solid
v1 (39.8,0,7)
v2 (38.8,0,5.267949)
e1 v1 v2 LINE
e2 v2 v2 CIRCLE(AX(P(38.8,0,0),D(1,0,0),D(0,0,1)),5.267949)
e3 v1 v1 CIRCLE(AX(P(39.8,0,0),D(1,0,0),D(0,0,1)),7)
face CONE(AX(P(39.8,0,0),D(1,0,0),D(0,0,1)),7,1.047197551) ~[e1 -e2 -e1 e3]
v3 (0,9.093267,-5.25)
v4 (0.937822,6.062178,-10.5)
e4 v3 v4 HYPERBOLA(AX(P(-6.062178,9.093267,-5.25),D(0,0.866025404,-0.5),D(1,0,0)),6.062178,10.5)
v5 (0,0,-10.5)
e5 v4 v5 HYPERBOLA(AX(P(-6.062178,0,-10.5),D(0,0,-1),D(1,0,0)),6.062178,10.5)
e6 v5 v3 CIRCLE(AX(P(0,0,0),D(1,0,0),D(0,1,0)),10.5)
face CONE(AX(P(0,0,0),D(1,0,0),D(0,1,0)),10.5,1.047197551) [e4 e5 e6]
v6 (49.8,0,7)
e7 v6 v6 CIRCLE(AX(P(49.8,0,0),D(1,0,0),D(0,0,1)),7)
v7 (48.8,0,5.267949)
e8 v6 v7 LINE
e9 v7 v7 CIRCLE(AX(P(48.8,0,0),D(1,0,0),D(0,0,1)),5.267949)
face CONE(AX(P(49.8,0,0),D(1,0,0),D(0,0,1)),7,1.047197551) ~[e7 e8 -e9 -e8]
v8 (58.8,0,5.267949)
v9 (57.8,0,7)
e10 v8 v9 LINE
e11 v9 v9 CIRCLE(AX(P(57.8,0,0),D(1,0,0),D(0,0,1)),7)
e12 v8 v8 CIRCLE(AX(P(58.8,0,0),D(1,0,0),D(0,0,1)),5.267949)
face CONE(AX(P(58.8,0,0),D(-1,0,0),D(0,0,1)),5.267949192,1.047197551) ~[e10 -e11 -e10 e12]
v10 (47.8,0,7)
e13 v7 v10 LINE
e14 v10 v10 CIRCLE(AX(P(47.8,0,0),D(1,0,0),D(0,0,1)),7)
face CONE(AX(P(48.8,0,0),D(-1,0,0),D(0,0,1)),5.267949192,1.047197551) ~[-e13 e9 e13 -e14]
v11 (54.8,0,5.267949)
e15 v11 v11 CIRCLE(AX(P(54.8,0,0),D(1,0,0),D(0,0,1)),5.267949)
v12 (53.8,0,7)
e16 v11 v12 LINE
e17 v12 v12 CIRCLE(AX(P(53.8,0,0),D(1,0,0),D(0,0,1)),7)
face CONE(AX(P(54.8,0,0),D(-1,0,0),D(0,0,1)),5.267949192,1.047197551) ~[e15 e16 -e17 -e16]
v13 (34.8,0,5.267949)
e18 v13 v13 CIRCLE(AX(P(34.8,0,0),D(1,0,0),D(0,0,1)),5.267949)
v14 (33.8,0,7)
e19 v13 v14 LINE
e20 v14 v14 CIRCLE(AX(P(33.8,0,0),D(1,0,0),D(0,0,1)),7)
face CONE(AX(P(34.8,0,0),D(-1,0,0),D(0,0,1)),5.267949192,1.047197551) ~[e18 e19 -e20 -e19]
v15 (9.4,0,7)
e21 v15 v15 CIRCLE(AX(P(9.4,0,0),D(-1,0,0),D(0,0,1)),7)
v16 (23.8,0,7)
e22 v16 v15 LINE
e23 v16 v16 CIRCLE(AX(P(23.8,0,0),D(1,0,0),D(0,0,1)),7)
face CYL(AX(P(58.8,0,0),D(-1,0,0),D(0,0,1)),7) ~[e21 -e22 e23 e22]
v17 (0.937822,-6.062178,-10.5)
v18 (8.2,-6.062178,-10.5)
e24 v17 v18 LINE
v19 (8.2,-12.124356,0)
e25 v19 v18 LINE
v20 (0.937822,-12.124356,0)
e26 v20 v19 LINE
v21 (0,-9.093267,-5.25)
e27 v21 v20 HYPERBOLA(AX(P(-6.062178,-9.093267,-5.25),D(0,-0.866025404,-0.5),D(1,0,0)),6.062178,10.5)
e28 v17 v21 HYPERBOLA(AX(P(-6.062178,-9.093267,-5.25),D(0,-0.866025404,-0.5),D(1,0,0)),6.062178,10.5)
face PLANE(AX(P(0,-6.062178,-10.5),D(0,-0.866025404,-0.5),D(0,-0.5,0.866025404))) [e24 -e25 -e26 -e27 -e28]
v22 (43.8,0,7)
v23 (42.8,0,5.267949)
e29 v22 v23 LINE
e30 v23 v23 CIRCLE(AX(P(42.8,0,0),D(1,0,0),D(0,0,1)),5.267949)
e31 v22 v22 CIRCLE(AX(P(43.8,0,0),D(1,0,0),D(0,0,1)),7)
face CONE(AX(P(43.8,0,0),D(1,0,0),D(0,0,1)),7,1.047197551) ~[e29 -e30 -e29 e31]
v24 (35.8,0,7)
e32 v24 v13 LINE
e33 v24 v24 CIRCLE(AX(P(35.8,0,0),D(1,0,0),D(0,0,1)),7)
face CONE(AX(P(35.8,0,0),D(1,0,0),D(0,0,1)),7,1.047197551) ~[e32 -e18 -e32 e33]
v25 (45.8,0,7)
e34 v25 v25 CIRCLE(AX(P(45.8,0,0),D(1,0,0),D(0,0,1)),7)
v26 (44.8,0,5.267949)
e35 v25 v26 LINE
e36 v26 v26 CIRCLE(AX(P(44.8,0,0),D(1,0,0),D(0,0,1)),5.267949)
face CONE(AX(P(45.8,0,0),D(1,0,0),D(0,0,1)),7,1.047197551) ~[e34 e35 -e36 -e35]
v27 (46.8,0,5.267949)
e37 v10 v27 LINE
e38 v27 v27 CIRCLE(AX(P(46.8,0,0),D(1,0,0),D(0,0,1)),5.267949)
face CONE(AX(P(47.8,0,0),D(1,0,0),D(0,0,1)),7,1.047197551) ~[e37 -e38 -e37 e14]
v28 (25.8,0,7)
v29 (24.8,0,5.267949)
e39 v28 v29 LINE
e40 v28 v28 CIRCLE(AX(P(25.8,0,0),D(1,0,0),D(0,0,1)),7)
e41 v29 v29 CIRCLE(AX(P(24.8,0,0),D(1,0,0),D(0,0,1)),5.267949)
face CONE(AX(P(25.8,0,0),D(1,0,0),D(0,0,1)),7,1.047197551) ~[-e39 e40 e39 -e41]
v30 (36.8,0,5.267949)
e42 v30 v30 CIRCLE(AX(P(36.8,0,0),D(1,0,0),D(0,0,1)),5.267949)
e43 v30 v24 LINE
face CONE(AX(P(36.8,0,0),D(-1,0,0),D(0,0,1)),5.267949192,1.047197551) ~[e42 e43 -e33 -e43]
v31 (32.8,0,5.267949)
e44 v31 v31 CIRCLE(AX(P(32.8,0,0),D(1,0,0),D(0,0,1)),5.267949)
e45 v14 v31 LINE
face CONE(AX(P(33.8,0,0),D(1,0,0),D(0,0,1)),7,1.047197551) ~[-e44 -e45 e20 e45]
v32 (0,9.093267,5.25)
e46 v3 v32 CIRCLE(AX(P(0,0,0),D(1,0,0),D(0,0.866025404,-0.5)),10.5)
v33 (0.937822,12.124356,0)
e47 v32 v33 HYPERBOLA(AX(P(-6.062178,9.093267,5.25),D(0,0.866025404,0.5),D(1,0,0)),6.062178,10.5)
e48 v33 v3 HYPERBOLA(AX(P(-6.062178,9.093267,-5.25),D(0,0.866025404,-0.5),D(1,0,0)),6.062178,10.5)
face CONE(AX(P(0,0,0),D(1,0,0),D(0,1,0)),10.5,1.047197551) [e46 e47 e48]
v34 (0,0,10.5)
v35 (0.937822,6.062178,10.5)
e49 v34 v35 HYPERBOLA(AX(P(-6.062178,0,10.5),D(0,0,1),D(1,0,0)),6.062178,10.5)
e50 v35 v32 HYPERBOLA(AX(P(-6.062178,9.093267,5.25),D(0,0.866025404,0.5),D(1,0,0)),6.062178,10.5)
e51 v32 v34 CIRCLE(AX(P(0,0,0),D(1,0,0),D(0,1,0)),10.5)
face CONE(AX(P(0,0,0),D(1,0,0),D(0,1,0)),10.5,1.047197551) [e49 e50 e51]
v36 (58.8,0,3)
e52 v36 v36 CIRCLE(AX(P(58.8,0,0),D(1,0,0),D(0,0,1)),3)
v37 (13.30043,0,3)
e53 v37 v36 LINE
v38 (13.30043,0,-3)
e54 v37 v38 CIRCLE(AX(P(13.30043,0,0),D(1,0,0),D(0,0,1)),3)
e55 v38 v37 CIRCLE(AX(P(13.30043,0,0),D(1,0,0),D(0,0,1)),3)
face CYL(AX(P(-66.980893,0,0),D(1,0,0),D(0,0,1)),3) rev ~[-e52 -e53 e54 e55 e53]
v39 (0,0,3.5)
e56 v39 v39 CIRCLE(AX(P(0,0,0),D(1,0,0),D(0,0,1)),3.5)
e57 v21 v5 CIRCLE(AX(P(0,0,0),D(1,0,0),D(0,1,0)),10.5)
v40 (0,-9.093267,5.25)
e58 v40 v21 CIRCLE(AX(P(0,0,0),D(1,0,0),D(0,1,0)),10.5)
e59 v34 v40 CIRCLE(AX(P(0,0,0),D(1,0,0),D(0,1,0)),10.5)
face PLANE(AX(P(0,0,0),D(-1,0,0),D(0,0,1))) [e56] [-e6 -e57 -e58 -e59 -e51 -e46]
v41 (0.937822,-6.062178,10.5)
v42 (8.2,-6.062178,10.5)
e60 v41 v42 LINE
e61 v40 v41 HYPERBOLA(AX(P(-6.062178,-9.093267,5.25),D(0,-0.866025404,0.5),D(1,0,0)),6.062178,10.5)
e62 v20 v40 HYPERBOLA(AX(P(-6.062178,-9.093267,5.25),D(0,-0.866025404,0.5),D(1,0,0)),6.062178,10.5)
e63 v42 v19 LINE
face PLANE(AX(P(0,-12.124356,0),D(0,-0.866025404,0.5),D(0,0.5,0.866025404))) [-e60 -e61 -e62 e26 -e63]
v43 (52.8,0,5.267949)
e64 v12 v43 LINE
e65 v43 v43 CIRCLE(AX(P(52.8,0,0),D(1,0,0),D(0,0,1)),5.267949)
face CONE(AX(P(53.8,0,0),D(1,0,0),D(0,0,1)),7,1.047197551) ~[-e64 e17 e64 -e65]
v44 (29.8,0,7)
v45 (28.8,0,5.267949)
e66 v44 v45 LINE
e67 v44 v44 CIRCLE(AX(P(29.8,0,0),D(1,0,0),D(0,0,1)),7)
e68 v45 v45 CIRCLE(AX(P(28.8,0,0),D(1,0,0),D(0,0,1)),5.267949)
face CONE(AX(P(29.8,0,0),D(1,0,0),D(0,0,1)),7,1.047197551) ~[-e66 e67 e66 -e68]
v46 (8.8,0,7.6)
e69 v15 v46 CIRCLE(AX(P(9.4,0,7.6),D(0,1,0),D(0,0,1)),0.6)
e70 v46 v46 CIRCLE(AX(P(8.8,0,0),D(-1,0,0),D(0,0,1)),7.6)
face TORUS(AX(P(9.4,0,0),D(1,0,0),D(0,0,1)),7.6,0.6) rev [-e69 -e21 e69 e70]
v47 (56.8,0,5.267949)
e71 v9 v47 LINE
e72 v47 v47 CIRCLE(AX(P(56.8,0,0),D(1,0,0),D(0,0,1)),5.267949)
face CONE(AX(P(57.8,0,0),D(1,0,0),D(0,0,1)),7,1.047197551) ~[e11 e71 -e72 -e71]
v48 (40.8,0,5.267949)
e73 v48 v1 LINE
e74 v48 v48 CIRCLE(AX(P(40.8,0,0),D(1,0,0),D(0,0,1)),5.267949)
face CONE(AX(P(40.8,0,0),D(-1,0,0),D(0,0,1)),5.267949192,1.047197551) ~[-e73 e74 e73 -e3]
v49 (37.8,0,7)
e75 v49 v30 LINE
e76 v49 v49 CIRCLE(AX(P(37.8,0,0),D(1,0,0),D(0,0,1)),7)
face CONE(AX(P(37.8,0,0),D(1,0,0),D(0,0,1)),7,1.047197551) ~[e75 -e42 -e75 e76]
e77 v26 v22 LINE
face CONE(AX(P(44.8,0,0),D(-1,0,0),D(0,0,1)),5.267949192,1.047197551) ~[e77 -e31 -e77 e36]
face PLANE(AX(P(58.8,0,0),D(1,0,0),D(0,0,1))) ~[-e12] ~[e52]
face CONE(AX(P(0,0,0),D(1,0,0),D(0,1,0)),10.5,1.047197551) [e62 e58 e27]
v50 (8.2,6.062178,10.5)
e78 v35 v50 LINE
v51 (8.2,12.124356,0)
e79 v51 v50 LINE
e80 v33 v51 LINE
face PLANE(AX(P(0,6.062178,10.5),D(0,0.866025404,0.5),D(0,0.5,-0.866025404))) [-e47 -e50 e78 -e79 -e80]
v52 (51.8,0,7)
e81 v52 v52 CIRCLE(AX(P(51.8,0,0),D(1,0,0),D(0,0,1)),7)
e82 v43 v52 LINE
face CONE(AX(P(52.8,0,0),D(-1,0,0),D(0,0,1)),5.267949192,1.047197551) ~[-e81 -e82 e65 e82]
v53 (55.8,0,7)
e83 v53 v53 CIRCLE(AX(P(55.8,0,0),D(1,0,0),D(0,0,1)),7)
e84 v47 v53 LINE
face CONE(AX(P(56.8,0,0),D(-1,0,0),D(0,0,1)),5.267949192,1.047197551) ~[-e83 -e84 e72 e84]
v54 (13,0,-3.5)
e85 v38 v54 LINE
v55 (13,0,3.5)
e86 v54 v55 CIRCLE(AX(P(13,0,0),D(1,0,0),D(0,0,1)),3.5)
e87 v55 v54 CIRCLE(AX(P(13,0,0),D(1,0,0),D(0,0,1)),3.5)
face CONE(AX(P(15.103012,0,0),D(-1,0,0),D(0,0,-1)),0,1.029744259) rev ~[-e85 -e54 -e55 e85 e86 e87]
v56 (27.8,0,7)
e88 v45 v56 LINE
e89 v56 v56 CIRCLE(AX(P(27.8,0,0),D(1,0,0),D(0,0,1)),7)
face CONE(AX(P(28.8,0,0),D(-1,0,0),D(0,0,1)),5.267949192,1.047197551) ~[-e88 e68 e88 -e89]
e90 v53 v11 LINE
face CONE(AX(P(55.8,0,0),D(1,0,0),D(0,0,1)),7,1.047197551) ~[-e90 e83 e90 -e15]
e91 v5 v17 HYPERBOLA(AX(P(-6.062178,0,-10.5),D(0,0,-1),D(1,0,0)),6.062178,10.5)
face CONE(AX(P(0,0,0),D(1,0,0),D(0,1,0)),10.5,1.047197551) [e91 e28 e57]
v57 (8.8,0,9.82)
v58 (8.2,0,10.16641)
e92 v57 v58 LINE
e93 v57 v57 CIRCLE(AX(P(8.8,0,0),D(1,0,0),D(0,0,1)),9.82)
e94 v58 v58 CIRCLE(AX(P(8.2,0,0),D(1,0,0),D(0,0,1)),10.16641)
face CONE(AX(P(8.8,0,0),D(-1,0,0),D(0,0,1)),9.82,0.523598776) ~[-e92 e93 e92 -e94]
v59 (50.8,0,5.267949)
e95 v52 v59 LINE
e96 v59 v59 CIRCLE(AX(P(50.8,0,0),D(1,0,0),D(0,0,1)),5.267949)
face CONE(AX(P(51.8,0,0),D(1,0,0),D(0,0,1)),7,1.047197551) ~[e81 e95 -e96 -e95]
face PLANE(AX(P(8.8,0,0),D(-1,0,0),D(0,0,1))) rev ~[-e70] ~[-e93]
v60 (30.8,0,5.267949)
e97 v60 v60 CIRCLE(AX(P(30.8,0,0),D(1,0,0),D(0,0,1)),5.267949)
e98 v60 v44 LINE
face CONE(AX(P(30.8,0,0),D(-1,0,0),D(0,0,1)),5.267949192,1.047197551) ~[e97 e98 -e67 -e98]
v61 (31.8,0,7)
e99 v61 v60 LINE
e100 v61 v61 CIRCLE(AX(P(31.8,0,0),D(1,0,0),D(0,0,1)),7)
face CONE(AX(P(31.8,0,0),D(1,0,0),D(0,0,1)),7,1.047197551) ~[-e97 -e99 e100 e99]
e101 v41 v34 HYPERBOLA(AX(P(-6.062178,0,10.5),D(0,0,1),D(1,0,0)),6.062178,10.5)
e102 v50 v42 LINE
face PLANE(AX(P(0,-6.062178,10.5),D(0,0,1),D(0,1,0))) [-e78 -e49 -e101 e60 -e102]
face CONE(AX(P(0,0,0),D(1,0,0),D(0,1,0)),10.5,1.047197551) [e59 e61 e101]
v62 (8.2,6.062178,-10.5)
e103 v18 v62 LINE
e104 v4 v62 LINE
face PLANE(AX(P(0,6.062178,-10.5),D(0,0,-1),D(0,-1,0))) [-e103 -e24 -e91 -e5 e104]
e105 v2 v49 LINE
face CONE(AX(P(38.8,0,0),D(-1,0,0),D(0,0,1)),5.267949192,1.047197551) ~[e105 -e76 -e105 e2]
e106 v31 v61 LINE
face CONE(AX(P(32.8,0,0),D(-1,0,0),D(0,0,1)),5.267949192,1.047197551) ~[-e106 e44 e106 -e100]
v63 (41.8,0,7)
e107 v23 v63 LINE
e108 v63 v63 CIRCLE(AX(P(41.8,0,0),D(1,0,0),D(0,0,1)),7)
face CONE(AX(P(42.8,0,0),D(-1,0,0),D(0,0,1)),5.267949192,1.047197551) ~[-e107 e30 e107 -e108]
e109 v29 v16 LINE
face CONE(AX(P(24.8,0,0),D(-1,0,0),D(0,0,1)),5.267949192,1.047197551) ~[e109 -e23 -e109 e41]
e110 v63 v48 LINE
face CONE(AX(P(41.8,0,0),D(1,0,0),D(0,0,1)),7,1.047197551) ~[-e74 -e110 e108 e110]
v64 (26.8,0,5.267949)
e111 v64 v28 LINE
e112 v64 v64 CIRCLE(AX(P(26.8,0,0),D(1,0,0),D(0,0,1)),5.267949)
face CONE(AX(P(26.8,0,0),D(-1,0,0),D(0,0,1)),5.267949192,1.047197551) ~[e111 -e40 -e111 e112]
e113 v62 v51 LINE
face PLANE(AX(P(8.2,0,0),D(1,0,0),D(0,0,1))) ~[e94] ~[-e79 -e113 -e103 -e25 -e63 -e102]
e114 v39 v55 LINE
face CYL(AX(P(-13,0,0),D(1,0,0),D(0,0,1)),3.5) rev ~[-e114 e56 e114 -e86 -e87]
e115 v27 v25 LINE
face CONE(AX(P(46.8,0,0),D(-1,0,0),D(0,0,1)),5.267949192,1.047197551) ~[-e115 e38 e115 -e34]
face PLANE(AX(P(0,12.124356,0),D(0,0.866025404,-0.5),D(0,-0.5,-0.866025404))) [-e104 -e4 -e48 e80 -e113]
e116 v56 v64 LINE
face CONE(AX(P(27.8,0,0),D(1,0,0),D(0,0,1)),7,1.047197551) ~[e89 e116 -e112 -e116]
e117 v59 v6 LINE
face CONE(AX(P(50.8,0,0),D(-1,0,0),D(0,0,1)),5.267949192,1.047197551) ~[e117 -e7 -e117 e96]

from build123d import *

# Parameters (mm, degrees)
EXTRUDE_419_DEPTH      = 8.8
FILLET_1296_R          = 0.6
PATTERN_LINEAR_1_COUNT = 18
PATTERN_LINEAR_1_PITCH = 2
HOLE_WIZARD_6_0_6_1_D  = 6
M8X1_0_1_D             = 7
M8X1_0_1_DEPTH         = 13
M8X1_0_1_TIP           = 2.103012167


with BuildPart() as part:
    # 草图1 → Extrude 419 (new body)
    with BuildSketch(Plane(origin=(0, 0, 0), x_dir=(0, 0, -1), z_dir=(1, 0, 0))):
        Polygon((10.5, 6.062177826), (10.5, -6.062177826), (0, -12.124355653), (-10.5, -6.062177826), (-10.5, 6.062177826), (0, 12.124355653), align=None)
    extrude(amount=EXTRUDE_419_DEPTH)

    # 草图2 → 凸台-旋转1 (revolve)
    with BuildSketch(Plane.XY, mode=Mode.PRIVATE) as revolve_1_sk:
        Polygon((0, 0), (58.8, 0), (58.8, 5.268), (58.8, 7), (0, 7), align=None)
    revolve(revolve_1_sk.sketch.rotate(Axis((0, 0, 0), (1, 0, 0)), 90), axis=Axis((0, 0, 0), (1, 0, 0)))

    # 草图3 → 切除-旋转1 (revolve, cut)
    with BuildSketch(Plane.XY):
        Polygon((0, 10.5), (3.824573519, 17.124355653), (3.824573519, 22.124355653), (-10, 22.124355653), (-10, 10.5), align=None)
    revolve(axis=Axis((0, 0, 0), (1, 0, 0)), mode=Mode.SUBTRACT)

    # 草图4 → 切除-旋转3 (revolve, cut)
    with BuildSketch(Plane.XY, mode=Mode.PRIVATE) as cut_revolve_3_sk:
        Polygon((8.8, 9.82), (8.2, 10.166410162), (8.2, 12.124355653), (8.8, 12.124355653), align=None)
    revolve(cut_revolve_3_sk.sketch.rotate(Axis((0, 0, 0), (1, 0, 0)), 90), axis=Axis((0, 0, 0), (1, 0, 0)), mode=Mode.SUBTRACT)

    # Fillet 1296
    fillet_1296_edges = [part.edges().sort_by_distance(p)[0] for p in [
        (8.8, 0, -7),
    ]]
    fillet(fillet_1296_edges, radius=FILLET_1296_R)

    # 草图6 → 切除-旋转4 (revolve, cut)
    with BuildSketch(Plane.XY, mode=Mode.PRIVATE) as cut_revolve_4_sk:
        Polygon((57.8, 7), (59.8, 7), (58.8, 5.267949192), align=None)
    cut_revolve_4 = revolve(cut_revolve_4_sk.sketch.rotate(Axis((0, 0, 0), (1, 0, 0)), 90), axis=Axis((0, 0, 0), (1, 0, 0)), mode=Mode.SUBTRACT)

    # 阵列(线性)1: 切除-旋转4 ×18
    with Locations(*[(-i * PATTERN_LINEAR_1_PITCH, 0, 0) for i in range(1, PATTERN_LINEAR_1_COUNT)]):
        add(cut_revolve_4, mode=Mode.SUBTRACT)

    # Ø6.0 (6) 直径孔1 (through all)
    with Locations(Plane(origin=(0, 0, 0), x_dir=(0, 0, -1), z_dir=(-1, 0, 0))):
        with Locations((0, 0)):
            Hole(HOLE_WIZARD_6_0_6_1_D / 2)

    # M8x1.0 螺纹孔1
    with Locations(Plane(origin=(0, 0, 0), x_dir=(0, 0, -1), z_dir=(-1, 0, 0))):
        with Locations((0, 0)):
            Hole(M8X1_0_1_D / 2, depth=M8X1_0_1_DEPTH)
            with Locations((0, 0, -(M8X1_0_1_DEPTH + M8X1_0_1_TIP / 2))):  # 118° drill point
                Cone(0, M8X1_0_1_D / 2, M8X1_0_1_TIP, mode=Mode.SUBTRACT)


solid = part.part
